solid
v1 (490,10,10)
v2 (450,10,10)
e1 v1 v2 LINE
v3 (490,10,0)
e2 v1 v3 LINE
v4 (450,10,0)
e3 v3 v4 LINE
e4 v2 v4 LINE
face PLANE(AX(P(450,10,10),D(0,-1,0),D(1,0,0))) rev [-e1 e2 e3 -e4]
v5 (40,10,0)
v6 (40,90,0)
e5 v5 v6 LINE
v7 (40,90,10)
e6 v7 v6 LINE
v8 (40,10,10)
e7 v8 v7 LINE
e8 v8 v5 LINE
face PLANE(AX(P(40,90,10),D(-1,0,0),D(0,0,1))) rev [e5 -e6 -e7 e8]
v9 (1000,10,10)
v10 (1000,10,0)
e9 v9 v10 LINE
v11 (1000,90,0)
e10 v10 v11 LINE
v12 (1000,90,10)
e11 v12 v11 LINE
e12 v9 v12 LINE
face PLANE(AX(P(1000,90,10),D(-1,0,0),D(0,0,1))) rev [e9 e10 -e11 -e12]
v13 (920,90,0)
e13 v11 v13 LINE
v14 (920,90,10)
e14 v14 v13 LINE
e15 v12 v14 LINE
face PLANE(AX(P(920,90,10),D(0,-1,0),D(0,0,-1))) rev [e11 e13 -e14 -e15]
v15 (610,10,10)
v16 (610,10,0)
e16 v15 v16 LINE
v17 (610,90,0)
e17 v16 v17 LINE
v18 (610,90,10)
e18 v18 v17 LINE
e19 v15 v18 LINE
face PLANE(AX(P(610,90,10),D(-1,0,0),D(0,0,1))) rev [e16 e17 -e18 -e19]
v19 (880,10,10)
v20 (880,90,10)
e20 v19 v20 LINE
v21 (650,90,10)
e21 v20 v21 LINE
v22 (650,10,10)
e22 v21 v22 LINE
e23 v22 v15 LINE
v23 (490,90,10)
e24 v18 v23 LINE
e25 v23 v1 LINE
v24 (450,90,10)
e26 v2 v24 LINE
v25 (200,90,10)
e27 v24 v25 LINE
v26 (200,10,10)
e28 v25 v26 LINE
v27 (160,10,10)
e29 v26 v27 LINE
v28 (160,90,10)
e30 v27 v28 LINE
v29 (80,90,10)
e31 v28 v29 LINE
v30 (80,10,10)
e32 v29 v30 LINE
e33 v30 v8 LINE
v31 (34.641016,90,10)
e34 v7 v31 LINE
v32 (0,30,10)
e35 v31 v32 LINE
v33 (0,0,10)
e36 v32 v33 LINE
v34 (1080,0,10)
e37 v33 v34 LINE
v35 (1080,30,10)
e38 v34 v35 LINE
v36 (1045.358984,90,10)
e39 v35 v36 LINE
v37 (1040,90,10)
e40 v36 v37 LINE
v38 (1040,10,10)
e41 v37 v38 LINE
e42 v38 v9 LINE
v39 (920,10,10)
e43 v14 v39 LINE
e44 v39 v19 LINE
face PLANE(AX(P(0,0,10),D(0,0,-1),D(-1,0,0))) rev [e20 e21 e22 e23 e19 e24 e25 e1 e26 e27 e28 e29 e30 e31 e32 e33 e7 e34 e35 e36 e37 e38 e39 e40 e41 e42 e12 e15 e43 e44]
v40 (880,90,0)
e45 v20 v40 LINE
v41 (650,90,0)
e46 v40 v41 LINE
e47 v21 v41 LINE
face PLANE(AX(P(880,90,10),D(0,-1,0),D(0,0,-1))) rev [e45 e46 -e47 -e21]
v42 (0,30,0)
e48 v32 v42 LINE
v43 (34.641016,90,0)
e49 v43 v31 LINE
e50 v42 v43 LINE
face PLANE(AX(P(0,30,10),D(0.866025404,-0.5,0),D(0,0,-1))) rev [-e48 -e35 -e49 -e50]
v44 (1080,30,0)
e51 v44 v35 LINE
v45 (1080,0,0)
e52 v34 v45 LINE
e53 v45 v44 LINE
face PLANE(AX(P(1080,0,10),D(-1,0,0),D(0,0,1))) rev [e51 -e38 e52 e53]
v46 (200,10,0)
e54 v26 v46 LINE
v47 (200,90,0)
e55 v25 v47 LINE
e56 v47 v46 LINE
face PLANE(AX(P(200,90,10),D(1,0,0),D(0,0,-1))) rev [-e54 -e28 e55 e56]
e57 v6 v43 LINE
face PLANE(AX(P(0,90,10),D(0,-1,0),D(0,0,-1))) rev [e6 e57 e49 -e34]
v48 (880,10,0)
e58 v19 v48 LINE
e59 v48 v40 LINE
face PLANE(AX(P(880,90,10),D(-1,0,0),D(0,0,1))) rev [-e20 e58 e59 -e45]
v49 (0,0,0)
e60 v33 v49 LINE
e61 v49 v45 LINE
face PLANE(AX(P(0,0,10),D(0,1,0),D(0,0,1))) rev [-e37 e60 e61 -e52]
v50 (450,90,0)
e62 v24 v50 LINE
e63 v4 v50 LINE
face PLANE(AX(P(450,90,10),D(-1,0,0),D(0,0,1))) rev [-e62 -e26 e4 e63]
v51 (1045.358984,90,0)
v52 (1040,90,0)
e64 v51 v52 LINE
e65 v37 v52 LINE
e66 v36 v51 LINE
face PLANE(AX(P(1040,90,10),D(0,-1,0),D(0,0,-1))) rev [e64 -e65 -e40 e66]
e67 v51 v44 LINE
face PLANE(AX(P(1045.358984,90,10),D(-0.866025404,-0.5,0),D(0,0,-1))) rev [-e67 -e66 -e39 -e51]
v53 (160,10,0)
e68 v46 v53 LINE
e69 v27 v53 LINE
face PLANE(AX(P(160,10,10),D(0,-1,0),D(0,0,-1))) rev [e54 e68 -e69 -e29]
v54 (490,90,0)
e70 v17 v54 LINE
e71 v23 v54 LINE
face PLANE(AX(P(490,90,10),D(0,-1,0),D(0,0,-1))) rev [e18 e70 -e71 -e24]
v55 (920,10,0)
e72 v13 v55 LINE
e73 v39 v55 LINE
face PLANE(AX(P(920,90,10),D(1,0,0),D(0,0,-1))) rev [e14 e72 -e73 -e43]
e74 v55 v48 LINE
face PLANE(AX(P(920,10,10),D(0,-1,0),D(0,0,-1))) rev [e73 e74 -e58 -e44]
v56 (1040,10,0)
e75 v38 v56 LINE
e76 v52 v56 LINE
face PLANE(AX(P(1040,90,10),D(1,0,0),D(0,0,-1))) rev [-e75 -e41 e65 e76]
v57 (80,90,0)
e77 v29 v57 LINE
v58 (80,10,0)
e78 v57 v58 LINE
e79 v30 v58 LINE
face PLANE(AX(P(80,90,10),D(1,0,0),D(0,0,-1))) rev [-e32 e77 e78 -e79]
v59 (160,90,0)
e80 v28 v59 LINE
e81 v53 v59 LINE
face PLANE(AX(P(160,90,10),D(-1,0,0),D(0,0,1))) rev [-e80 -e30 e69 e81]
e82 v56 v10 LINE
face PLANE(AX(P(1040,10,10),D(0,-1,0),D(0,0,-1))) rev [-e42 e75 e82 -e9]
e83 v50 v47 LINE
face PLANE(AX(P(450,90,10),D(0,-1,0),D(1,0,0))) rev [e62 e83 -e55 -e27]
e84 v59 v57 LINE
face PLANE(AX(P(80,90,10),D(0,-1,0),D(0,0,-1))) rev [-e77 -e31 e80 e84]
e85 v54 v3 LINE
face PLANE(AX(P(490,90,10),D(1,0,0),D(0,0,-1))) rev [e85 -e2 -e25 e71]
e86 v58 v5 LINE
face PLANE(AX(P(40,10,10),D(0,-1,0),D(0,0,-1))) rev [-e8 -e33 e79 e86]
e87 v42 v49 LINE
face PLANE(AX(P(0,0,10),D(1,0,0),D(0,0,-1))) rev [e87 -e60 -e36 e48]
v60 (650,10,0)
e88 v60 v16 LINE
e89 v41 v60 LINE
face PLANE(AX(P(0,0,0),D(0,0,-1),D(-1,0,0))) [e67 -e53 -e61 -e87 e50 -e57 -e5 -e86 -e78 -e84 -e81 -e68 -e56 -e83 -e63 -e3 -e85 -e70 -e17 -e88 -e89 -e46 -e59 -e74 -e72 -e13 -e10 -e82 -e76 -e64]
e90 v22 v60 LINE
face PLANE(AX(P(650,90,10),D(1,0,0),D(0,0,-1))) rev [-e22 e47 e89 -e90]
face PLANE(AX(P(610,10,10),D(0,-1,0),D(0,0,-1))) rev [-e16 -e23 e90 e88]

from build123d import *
from OCP.BRepFilletAPI import BRepFilletAPI_MakeChamfer

# Parameters (mm, degrees)
BOSS_EXTRU_1_DEPTH = 10
CHANFREIN1_SIZE    = 60
CHANFREIN1_SIZE2   = 34.641016151


with BuildPart() as part:
    # Esquisse1 → Boss.-Extru.1 (new body)
    with BuildSketch(Plane.XY):
        Polygon((0, 0), (1080, 0), (1080, 90), (1040, 90), (1040, 10), (1000, 10), (1000, 90), (920, 90), (920, 10), (880, 10), (880, 90), (650, 90), (650, 10), (610, 10), (610, 90), (490, 90), (490, 10), (450, 10), (450, 90), (200, 90), (200, 10), (160, 10), (160, 90), (80, 90), (80, 10), (40, 10), (40, 90), (0, 90), align=None)
    extrude(amount=BOSS_EXTRU_1_DEPTH)

    # Chanfrein1: one chamfer whose edges measure the first distance from different faces: ONE call of the kernel's chamfer builder (chamfer() names one face for all edges)
    chanfrein1_edges_1 = [part.edges().sort_by_distance(p)[0] for p in [
        (0, 90, 5),
    ]]
    chanfrein1_side_1 = [part.faces().sort_by_distance(p)[0] for p in [
        (0, 45, 5),
    ]]
    chanfrein1_edges_2 = [part.edges().sort_by_distance(p)[0] for p in [
        (1080, 90, 5),
    ]]
    chanfrein1_side_2 = [part.faces().sort_by_distance(p)[0] for p in [
        (1080, 45, 5),
    ]]
    chanfrein1 = BRepFilletAPI_MakeChamfer(part.part.solid().wrapped)
    for e in chanfrein1_edges_1:
        chanfrein1.Add(CHANFREIN1_SIZE, CHANFREIN1_SIZE2, e.wrapped, chanfrein1_side_1[0].wrapped)  # the first distance lies on this face
    for e in chanfrein1_edges_2:
        chanfrein1.Add(CHANFREIN1_SIZE, CHANFREIN1_SIZE2, e.wrapped, chanfrein1_side_2[0].wrapped)  # the first distance lies on this face
    add(Compound.cast(chanfrein1.Shape()), mode=Mode.REPLACE)


solid = part.part
